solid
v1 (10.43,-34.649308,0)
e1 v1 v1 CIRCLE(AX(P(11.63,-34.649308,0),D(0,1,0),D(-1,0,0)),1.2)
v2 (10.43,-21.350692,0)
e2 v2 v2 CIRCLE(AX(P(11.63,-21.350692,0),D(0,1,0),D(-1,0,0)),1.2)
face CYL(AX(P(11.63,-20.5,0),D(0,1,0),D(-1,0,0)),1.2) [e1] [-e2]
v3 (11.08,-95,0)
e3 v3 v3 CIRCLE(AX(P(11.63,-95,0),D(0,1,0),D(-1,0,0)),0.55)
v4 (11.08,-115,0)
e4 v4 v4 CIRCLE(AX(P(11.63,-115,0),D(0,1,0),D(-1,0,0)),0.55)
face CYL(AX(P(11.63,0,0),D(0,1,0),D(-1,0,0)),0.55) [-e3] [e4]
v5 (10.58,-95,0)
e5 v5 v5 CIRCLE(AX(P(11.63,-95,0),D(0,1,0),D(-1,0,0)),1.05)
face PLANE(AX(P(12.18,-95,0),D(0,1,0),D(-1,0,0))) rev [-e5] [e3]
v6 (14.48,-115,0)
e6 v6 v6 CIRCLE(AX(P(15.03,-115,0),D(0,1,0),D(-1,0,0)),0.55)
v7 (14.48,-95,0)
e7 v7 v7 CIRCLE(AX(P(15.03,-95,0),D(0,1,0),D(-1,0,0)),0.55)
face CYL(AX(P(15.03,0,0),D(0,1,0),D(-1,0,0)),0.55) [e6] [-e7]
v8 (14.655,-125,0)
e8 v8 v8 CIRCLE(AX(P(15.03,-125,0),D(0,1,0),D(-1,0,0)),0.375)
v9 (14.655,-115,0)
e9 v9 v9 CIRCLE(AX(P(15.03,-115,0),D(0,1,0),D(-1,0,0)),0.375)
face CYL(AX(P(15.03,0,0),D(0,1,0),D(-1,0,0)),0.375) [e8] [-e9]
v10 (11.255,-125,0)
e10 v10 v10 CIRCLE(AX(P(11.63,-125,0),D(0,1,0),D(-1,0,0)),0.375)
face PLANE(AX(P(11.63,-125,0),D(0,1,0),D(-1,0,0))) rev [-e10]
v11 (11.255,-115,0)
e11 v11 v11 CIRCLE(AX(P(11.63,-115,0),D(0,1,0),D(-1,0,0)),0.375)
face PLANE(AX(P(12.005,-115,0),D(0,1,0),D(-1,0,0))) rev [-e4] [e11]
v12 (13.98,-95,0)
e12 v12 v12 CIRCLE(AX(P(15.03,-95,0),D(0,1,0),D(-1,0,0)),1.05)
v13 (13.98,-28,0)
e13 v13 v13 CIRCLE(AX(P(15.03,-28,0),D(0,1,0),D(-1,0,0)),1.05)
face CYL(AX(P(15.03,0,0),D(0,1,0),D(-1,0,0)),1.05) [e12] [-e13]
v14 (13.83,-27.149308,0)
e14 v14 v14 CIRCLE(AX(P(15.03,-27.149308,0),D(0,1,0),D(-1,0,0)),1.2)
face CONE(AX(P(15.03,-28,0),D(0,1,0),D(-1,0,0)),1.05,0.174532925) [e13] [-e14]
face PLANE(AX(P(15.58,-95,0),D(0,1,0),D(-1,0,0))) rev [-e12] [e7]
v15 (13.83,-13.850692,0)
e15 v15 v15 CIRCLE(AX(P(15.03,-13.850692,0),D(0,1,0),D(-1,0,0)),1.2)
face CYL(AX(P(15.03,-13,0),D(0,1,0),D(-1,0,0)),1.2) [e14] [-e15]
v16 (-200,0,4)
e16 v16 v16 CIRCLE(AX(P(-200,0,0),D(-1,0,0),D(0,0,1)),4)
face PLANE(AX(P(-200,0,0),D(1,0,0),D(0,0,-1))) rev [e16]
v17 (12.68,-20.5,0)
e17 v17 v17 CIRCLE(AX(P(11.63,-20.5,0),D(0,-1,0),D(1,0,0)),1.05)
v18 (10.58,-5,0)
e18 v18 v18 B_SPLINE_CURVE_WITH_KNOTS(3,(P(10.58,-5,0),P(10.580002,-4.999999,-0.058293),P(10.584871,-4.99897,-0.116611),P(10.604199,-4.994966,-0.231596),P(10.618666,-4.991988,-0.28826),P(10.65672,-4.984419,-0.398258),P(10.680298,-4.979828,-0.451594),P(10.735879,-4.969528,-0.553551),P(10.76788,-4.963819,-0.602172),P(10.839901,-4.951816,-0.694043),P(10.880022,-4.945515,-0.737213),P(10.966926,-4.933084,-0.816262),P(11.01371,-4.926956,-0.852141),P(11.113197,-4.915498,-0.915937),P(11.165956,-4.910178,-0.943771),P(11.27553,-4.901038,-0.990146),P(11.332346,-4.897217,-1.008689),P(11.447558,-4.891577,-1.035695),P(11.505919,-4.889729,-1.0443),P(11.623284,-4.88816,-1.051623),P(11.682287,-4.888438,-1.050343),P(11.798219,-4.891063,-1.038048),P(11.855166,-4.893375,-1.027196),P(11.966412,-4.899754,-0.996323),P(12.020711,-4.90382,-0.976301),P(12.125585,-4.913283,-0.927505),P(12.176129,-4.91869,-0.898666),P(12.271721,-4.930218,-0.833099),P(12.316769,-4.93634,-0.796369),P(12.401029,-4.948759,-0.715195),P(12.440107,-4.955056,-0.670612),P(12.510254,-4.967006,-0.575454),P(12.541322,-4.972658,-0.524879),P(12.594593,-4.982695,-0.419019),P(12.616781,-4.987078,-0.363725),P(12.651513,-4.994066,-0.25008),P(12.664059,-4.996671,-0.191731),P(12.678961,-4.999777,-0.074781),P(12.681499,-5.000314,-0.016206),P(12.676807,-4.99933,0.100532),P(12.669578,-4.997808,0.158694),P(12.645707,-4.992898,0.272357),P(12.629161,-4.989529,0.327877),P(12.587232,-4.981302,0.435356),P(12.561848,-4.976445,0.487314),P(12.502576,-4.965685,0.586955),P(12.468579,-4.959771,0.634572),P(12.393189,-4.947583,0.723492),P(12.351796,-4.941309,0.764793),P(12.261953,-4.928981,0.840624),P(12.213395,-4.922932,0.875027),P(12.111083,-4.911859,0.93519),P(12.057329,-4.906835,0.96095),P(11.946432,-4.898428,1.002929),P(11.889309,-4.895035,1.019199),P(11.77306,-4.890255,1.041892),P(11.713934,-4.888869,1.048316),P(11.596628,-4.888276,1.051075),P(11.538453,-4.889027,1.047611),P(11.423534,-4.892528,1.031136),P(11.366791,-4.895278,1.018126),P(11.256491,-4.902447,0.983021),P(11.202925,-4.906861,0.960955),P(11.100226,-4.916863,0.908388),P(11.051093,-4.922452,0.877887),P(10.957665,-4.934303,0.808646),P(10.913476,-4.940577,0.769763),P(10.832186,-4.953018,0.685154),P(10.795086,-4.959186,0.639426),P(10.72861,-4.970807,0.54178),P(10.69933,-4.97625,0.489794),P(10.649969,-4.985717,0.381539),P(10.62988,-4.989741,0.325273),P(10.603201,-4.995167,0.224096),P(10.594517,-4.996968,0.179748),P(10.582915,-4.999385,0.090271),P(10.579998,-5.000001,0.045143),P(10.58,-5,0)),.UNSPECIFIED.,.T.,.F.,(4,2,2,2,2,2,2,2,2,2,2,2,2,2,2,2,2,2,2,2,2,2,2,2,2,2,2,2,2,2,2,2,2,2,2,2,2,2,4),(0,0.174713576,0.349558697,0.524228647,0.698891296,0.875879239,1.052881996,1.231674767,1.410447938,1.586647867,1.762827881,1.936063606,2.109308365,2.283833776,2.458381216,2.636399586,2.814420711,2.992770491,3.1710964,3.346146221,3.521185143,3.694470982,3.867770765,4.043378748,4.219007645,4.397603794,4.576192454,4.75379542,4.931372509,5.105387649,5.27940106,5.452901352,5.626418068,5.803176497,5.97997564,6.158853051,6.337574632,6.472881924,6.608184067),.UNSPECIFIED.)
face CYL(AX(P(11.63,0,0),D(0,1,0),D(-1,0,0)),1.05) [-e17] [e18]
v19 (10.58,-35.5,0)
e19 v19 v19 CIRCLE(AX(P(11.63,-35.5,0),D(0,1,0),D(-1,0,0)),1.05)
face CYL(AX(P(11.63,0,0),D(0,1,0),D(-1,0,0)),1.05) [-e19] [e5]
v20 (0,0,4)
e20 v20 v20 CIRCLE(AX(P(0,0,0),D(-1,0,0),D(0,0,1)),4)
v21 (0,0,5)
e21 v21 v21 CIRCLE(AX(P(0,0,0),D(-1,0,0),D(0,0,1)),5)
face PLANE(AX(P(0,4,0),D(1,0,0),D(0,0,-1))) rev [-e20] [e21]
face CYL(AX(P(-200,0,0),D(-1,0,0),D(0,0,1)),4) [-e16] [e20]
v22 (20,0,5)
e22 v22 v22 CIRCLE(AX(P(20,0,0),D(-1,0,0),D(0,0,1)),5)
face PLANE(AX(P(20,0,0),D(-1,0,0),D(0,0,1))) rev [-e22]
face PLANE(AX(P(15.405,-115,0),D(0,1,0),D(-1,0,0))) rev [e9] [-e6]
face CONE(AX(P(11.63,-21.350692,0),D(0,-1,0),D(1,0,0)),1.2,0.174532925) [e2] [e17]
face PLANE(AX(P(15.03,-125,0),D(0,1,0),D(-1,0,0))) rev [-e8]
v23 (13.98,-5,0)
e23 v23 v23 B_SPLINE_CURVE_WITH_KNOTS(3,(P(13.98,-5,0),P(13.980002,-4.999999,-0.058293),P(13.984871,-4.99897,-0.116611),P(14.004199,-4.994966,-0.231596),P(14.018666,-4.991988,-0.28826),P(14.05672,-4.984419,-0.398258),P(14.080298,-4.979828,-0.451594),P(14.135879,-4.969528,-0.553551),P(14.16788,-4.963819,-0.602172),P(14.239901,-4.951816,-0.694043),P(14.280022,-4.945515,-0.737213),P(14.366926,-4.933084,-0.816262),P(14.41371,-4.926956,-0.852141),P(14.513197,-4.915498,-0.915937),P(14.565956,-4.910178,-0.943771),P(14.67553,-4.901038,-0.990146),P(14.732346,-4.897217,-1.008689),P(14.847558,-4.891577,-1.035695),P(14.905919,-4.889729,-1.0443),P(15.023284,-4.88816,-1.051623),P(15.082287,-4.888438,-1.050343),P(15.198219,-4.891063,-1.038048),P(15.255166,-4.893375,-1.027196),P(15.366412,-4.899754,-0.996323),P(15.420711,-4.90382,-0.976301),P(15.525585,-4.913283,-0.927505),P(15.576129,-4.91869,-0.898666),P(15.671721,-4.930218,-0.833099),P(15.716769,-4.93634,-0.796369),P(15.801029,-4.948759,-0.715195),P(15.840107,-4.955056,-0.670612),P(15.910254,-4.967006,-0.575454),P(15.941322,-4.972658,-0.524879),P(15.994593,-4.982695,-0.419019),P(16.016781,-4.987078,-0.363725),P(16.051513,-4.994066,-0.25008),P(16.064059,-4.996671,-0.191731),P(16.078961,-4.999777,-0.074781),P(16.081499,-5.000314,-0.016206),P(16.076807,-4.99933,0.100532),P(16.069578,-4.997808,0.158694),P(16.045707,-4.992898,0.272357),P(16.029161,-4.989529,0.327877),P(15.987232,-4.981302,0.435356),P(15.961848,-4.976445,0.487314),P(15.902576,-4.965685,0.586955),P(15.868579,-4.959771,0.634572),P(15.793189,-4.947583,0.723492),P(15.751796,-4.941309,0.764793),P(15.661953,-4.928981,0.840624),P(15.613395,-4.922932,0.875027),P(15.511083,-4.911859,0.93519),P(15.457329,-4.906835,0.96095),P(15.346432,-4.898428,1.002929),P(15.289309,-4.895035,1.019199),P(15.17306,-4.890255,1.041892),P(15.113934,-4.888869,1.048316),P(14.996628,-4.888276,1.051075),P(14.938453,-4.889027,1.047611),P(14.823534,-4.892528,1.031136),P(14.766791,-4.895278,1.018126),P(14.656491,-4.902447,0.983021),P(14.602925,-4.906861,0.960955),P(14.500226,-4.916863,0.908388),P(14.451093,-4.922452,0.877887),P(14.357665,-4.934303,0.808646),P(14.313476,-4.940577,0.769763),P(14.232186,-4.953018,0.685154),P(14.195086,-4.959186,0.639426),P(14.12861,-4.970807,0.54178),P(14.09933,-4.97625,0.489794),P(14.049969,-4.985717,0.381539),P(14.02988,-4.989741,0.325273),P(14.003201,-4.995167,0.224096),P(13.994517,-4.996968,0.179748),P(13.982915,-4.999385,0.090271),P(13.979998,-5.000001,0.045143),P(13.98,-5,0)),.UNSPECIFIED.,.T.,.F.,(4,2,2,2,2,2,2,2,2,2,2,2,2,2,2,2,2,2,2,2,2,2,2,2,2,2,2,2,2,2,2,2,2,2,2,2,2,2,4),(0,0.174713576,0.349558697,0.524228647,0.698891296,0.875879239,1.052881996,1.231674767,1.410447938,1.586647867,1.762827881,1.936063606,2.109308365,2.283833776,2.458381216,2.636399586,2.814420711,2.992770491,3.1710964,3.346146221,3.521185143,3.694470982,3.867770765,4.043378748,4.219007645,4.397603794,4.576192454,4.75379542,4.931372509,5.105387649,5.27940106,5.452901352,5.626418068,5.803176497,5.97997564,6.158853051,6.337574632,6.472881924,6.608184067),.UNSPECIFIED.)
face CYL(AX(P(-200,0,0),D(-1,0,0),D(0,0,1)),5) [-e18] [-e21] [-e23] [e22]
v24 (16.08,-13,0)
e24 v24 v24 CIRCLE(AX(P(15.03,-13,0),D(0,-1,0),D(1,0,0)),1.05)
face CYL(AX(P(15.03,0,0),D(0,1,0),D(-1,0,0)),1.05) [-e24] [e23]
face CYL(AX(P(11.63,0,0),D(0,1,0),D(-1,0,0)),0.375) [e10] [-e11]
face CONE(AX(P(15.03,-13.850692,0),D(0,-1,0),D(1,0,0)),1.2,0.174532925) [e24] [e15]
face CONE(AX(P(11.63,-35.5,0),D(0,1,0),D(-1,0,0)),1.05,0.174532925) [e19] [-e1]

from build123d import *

# Parameters (mm, degrees)
LPATTERN1_COUNT = 2
LPATTERN1_PITCH = 3.4


with BuildPart() as part:
    # Sketch1 → Revolve1 (revolve)
    with BuildSketch(Plane.XY, mode=Mode.PRIVATE) as revolve1_sk:
        Polygon((0, 4), (0, 5), (20, 5), (20, 0), (-200, 0), (-200, 4), align=None)
    revolve(revolve1_sk.sketch.rotate(Axis((-200, 0, 0), (1, 0, 0)), 90), axis=Axis((-200, 0, 0), (1, 0, 0)))

    # Sketch2 → Revolve2 (revolve)
    with BuildSketch(Plane.XY, mode=Mode.PRIVATE) as revolve2_sk:
        Polygon((15.405, -125), (15.405, -115), (15.58, -115), (15.58, -95), (16.08, -95), (16.08, 0), (15.03, 0), (15.03, -125), align=None)
    revolve2 = revolve(revolve2_sk.sketch.rotate(Axis((15.03, 0, 0), (0, -1, 0)), 180), axis=Axis((15.03, 0, 0), (0, -1, 0)))

    # LPattern1: Revolve2 ×2
    with Locations(*[(-i * LPATTERN1_PITCH, 0, 0) for i in range(1, LPATTERN1_COUNT)]):
        add(revolve2)

    # Sketch3 → Revolve3 (revolve)
    with BuildSketch(Plane.XY, mode=Mode.PRIVATE) as revolve3_sk:
        Polygon((15.03, -13), (16.08, -13), (16.23, -13.850692273), (16.23, -27.149307727), (16.08, -28), (15.03, -28), align=None)
    revolve(revolve3_sk.sketch.rotate(Axis((15.03, -13, 0), (0, -1, 0)), 180), axis=Axis((15.03, -13, 0), (0, -1, 0)))

    # Sketch4 → Revolve4 (revolve)
    with BuildSketch(Plane.XY, mode=Mode.PRIVATE) as revolve4_sk:
        Polygon((11.63, -20.5), (12.68, -20.5), (12.83, -21.350692273), (12.83, -34.649307727), (12.68, -35.5), (11.63, -35.5), align=None)
    revolve(revolve4_sk.sketch.rotate(Axis((11.63, -20.5, 0), (0, -1, 0)), 180), axis=Axis((11.63, -20.5, 0), (0, -1, 0)))


solid = part.part
